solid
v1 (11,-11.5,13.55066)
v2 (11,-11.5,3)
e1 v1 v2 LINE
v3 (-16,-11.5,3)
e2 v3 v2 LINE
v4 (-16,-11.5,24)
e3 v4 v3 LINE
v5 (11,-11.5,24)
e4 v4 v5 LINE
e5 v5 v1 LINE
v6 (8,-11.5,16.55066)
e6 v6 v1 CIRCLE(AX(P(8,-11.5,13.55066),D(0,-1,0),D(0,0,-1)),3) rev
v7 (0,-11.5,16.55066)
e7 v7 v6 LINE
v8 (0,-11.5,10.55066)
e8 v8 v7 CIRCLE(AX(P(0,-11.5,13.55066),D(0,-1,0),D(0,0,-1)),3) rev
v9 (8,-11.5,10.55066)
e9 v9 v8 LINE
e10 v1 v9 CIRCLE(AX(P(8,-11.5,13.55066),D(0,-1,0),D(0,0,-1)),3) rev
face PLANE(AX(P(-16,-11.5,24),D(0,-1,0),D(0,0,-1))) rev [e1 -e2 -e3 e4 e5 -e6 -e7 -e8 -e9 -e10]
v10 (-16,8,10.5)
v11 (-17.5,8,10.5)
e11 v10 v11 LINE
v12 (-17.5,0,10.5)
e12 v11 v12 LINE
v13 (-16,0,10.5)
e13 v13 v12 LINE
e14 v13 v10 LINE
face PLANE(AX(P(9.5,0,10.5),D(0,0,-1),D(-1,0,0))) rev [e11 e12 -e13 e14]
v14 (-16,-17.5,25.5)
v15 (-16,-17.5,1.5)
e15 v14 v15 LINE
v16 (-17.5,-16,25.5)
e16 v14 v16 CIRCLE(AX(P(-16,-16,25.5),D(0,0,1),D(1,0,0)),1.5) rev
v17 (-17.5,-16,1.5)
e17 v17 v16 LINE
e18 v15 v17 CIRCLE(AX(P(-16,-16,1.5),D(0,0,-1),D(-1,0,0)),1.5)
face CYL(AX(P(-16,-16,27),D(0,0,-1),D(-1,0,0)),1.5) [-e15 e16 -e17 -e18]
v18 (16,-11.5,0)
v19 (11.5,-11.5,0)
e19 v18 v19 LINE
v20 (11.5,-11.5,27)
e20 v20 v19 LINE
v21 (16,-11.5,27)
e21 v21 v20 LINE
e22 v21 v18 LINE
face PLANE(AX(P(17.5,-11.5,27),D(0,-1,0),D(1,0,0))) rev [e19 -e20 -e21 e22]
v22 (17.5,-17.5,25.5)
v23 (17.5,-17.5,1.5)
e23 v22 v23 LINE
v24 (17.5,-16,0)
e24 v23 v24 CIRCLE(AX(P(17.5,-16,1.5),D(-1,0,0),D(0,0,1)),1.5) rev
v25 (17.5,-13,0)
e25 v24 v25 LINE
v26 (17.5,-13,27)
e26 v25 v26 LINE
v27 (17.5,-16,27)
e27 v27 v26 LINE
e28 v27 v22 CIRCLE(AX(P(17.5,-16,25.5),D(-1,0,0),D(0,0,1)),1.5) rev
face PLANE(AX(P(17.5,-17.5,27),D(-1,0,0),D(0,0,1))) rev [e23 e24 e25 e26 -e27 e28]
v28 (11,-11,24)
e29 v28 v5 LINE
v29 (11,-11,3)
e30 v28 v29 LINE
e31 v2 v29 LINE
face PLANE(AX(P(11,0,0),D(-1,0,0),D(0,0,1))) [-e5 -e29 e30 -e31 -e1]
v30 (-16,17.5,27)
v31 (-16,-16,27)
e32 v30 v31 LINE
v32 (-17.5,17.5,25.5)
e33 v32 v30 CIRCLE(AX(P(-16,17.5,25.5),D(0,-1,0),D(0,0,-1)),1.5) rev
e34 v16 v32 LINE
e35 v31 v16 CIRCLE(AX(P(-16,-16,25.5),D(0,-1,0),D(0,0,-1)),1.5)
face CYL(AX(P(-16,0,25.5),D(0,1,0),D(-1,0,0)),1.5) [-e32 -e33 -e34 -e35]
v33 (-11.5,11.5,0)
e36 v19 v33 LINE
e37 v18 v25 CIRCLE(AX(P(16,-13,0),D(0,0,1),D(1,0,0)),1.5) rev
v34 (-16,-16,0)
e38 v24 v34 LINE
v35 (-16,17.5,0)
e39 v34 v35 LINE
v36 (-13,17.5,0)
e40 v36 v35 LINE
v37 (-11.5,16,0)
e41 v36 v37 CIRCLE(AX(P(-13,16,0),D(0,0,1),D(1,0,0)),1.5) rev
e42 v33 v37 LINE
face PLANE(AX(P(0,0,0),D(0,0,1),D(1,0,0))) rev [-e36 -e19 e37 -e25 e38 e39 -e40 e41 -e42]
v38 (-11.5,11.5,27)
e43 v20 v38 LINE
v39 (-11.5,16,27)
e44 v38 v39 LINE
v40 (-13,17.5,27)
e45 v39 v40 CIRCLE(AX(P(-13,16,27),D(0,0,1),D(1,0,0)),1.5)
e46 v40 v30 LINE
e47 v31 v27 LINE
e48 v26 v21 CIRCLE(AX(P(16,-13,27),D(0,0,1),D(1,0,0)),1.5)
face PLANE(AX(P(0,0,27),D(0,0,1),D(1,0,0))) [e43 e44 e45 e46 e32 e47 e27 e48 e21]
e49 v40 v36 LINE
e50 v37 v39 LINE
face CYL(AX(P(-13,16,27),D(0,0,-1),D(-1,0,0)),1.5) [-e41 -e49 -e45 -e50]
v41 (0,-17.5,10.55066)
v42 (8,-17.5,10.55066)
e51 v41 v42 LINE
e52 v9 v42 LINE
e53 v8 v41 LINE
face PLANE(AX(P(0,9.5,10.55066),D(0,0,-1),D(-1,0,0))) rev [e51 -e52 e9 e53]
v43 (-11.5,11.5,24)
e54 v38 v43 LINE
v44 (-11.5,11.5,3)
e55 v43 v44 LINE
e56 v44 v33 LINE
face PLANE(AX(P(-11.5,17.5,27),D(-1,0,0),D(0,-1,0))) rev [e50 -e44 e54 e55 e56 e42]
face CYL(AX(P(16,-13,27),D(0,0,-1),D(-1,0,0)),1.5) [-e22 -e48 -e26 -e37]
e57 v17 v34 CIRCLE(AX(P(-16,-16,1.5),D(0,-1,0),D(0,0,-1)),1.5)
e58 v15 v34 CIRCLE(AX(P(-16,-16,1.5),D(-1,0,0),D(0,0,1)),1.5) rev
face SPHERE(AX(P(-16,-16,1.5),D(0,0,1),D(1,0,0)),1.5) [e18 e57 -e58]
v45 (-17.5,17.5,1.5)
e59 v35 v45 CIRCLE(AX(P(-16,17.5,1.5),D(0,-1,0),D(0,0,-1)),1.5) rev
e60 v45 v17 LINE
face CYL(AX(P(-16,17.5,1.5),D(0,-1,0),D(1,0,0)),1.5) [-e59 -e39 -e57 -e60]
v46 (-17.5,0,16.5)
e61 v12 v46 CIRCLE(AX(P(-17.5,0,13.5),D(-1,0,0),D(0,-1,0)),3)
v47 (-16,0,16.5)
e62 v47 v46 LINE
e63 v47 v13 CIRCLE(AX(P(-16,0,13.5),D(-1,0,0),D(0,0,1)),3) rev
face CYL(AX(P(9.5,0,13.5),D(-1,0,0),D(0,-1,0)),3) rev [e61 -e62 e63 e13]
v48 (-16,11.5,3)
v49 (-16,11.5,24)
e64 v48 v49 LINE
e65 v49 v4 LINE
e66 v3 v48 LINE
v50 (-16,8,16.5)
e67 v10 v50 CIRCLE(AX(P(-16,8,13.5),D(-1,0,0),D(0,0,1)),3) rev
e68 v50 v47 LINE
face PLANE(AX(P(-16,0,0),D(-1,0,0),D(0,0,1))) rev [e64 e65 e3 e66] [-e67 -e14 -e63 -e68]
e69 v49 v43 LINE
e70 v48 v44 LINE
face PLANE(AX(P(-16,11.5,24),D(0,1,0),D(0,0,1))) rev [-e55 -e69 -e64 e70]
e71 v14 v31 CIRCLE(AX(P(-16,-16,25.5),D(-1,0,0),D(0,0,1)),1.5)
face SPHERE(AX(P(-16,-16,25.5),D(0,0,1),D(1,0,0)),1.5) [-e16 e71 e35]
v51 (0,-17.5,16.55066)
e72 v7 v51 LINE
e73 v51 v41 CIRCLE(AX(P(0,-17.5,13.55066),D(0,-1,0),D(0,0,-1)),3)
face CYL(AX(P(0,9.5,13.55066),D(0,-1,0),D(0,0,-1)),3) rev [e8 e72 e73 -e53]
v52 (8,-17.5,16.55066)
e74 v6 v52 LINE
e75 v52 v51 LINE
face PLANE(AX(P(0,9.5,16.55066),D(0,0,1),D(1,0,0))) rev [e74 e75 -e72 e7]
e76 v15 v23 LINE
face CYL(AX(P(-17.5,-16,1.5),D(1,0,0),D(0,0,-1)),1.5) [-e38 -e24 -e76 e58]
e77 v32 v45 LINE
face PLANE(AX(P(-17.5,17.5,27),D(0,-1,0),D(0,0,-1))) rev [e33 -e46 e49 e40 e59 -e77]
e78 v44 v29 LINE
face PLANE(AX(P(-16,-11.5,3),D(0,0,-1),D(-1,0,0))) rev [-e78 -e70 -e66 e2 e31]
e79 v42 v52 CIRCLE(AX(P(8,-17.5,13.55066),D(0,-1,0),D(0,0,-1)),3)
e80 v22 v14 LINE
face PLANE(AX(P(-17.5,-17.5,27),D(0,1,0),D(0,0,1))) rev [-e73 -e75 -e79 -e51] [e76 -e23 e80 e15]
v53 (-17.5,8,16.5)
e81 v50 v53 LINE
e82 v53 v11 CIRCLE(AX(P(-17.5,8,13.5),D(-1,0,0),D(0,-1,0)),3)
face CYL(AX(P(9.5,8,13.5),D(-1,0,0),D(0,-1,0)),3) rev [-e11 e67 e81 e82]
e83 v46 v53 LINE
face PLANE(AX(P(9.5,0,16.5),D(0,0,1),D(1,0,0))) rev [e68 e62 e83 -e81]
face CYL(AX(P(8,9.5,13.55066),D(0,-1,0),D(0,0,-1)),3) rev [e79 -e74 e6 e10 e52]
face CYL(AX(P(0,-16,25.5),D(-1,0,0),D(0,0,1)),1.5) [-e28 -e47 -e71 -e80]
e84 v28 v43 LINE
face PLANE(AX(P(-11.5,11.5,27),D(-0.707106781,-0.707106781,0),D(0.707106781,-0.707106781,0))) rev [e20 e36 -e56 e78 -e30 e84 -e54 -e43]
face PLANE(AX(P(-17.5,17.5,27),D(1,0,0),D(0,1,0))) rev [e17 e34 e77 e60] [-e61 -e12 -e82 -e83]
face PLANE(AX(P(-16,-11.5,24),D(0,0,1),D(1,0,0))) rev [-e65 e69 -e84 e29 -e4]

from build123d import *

# Parameters (mm, degrees)
EXTRUDE_1_DEPTH     = 27
FILLET_1_R          = 1.5
FILLET_2_R          = 1.5
CUT_EXTRUDE_1_DEPTH = 27
CUT_EXTRUDE_2_DEPTH = 27
SKETCH_5_W          = 21
SKETCH_5_H          = 23
CUT_EXTRUDE_3_DEPTH = 27


with BuildPart() as part:
    # 草图1 → 凸台-拉伸1 (new body)
    with BuildSketch(Plane.XY):
        Polygon((-11.5, 11.5), (11.5, -11.5), (17.5, -11.5), (17.5, -17.5), (-17.5, -17.5), (-17.5, 17.5), (-11.5, 17.5), align=None)
    extrude(amount=EXTRUDE_1_DEPTH)

    # 圆角1
    fillet_1_edges = [part.edges().sort_by_distance(p)[0] for p in [
        (-11.5, 17.5, 13.5),
        (17.5, -11.5, 13.5),
    ]]
    fillet(fillet_1_edges, radius=FILLET_1_R)

    # 圆角2
    fillet_2_edges = [part.edges().sort_by_distance(p)[0] for p in [
        (-17.5, -17.5, 13.5),
        (-17.5, 0, 27),
        (0, -17.5, 27),
        (0, -17.5, 0),
        (-17.5, 0, 0),
    ]]
    fillet(fillet_2_edges, radius=FILLET_2_R)

    # 草图2 → 切除-拉伸1 (cut)
    with BuildSketch(Plane.XZ.offset(17.5)):
        with BuildLine():
            Line((0, 16.550659992), (8, 16.550659992))
            ThreePointArc((8, 16.550659992), (11, 13.550659992), (8, 10.550659992))
            Line((8, 10.550659992), (0, 10.550659992))
            ThreePointArc((0, 10.550659992), (-3, 13.550659992), (0, 16.550659992))
        make_face()
    extrude(amount=-CUT_EXTRUDE_1_DEPTH, mode=Mode.SUBTRACT)

    # 草图3 → 切除-拉伸2 (cut)
    with BuildSketch(Plane.ZY.offset(17.5)):
        with BuildLine():
            Line((10.5, 0), (10.5, 8))
            ThreePointArc((10.5, 8), (13.5, 11), (16.5, 8))
            Line((16.5, 8), (16.5, 0))
            ThreePointArc((16.5, 0), (13.5, -3), (10.5, 0))
        make_face()
    extrude(amount=-CUT_EXTRUDE_2_DEPTH, mode=Mode.SUBTRACT)

    # 草图5 → 切除-拉伸3 (cut)
    with BuildSketch(Plane(origin=(11, 0, 0), x_dir=(0, 0, -1), z_dir=(1, 0, 0))):
        with Locations((-13.5, 0)):
            Rectangle(SKETCH_5_W, SKETCH_5_H)
    extrude(amount=-CUT_EXTRUDE_3_DEPTH, mode=Mode.SUBTRACT)


solid = part.part
